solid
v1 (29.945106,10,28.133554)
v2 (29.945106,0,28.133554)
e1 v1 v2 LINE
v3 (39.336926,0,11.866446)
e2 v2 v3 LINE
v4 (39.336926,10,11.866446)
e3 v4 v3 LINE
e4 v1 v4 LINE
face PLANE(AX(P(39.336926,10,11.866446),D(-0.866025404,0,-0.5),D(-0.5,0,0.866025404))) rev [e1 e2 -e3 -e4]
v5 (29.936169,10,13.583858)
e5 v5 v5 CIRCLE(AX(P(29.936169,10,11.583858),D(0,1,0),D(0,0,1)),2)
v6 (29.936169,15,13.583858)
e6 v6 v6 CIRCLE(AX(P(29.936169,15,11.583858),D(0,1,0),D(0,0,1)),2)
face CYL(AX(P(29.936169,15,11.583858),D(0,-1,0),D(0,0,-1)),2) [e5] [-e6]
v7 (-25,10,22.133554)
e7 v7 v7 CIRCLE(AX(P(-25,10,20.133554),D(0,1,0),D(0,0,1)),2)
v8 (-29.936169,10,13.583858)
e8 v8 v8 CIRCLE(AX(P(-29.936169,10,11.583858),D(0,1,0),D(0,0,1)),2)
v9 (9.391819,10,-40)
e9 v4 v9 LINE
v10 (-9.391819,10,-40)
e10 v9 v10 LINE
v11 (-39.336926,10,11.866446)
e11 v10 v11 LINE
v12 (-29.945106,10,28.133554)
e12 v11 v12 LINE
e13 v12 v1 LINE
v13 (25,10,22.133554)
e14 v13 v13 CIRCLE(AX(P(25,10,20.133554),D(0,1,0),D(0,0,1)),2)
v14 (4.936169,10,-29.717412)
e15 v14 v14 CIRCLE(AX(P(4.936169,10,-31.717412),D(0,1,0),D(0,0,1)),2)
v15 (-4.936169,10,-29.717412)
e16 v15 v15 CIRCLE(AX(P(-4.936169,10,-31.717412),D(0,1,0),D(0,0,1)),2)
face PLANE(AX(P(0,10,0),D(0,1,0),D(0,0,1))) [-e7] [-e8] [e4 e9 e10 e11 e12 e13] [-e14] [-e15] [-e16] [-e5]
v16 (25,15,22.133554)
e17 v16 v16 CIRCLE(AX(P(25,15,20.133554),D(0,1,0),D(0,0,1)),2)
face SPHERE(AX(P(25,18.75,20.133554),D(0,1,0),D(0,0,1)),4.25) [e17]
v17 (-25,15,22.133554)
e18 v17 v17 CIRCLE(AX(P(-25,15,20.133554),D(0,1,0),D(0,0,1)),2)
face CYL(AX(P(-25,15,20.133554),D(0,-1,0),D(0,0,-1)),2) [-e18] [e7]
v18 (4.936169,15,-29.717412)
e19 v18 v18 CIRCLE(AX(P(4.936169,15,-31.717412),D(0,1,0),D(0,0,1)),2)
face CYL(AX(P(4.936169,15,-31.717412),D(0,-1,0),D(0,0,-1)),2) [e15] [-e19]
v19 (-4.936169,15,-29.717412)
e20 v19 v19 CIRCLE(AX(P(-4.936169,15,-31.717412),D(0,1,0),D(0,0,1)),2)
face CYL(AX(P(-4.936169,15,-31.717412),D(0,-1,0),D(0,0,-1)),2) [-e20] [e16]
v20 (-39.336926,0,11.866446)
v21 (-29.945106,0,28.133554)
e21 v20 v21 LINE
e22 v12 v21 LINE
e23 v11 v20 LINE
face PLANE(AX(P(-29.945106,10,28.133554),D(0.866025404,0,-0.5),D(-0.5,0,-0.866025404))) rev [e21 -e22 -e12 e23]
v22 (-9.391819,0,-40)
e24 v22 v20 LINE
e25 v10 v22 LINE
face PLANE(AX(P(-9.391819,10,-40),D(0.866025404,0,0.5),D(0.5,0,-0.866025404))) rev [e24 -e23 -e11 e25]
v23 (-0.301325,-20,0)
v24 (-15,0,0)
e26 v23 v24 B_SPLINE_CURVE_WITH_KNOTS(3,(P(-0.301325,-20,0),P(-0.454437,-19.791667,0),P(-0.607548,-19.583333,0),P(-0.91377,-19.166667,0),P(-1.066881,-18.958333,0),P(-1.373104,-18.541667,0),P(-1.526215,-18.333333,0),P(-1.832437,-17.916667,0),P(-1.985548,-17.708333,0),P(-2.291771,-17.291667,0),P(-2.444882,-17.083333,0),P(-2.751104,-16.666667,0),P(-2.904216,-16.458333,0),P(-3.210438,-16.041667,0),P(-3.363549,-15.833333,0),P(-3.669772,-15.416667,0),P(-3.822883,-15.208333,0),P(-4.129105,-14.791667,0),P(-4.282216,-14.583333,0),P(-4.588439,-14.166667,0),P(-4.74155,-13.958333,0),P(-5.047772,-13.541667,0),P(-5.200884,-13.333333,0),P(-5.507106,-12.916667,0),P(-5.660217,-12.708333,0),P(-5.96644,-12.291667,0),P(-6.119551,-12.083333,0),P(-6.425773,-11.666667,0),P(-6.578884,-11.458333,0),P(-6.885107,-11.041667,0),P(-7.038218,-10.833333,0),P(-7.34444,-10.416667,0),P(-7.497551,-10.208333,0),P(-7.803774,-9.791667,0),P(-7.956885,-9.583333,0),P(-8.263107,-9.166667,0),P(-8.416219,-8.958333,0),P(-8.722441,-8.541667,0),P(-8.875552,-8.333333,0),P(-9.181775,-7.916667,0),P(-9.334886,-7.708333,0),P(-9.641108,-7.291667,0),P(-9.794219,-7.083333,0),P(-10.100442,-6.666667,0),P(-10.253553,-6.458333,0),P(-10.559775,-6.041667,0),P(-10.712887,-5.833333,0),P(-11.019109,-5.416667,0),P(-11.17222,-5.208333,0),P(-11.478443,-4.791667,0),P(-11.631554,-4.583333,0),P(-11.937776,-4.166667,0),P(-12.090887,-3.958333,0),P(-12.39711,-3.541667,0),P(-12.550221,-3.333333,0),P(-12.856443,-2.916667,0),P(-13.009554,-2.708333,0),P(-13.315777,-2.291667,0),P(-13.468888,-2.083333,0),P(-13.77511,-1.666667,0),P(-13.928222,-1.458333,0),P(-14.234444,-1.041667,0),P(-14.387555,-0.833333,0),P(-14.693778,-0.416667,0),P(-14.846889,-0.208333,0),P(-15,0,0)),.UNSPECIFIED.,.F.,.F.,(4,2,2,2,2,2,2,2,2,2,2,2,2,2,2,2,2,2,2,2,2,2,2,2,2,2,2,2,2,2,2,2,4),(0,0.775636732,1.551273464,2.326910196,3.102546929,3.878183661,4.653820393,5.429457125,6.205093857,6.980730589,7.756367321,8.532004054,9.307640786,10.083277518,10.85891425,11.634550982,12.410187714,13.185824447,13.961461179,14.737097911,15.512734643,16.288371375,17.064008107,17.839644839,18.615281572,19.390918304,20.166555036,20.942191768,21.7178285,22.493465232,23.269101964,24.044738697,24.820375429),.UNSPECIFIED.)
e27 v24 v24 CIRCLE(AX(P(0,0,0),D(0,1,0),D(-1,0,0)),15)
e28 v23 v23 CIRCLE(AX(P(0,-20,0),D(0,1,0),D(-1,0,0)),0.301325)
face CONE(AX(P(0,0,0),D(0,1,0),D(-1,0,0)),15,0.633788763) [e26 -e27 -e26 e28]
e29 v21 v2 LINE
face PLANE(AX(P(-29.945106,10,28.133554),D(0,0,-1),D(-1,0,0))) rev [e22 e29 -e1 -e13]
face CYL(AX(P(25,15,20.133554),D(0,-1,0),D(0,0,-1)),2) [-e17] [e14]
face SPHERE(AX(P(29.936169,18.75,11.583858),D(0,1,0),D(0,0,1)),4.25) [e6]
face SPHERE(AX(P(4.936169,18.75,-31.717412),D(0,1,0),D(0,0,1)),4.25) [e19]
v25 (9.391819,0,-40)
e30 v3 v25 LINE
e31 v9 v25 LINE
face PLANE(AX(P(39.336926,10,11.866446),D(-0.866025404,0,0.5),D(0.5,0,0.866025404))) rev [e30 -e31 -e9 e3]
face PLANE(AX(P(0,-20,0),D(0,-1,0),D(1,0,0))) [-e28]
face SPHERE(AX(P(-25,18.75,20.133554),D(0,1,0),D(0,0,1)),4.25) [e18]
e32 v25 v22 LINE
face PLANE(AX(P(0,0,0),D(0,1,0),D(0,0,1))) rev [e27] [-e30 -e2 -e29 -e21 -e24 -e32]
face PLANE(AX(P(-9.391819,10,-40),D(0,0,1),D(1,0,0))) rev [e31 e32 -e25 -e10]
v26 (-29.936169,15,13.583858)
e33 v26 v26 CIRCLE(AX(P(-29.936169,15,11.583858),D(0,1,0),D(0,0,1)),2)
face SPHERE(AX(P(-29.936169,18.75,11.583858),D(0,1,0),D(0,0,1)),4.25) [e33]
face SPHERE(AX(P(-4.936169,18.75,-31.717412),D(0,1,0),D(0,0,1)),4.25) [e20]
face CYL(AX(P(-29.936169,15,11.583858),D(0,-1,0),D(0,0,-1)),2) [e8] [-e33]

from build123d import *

# Parameters (mm, degrees)
BOSS_EXTRUDE1_DEPTH = 10
SKETCH3_R           = 2
BOSS_EXTRUDE2_DEPTH = 5
DOME1_FACE_RADIUS   = 2
DOME1_HEIGHT        = 8
DOME2_FACE_RADIUS   = 2
DOME2_HEIGHT        = 8
DOME3_FACE_RADIUS   = 2
DOME3_HEIGHT        = 8
DOME4_FACE_RADIUS   = 2
DOME4_HEIGHT        = 8
DOME5_FACE_RADIUS   = 2
DOME5_HEIGHT        = 8
DOME6_FACE_RADIUS   = 2
DOME6_HEIGHT        = 8


with BuildPart() as part:
    # Sketch1 → Boss-Extrude1 (new body)
    with BuildSketch(Plane(origin=(0, 0, 0), x_dir=(1, 0, 0), z_dir=(0, 1, 0))):
        Polygon((-9.391819351, 40), (-39.336925827, -11.866445855), (-29.945106476, -28.133554145), (29.945106476, -28.133554145), (39.336925827, -11.866445855), (9.391819351, 40), align=None)
    extrude(amount=BOSS_EXTRUDE1_DEPTH)

    # Sketch2 → Revolve1 (revolve)
    with BuildSketch(Plane.XY):
        Polygon((-0.301325351, -20), (-15, 0), (0, 0), (0, -20), align=None)
    revolve(axis=Axis((0, 0, 0), (0, -1, 0)))

    # Sketch3 → Boss-Extrude2 (add)
    with BuildSketch(Plane(origin=(0, 10, 0), x_dir=(1, 0, 0), z_dir=(0, 1, 0))):
        with Locations(Location((-4.936169358, 31.717412167, 0), (0, 0, 270))):
            Circle(SKETCH3_R)
        with Locations(Location((-29.936169358, -11.583858022, 0), (0, 0, 270))):
            Circle(SKETCH3_R)
        with Locations(Location((4.936169358, 31.717412167, 0), (0, 0, 270))):
            Circle(SKETCH3_R)
        with Locations(Location((29.936169358, -11.583858022, 0), (0, 0, 270))):
            Circle(SKETCH3_R)
        with Locations(Location((25, -20.133554145, 0), (0, 0, 270))):
            Circle(SKETCH3_R)
        with Locations(Location((-25, -20.133554145, 0), (0, 0, 270))):
            Circle(SKETCH3_R)
    extrude(amount=BOSS_EXTRUDE2_DEPTH)

    # Dome1: a dome of height H over a round flat face of radius A is a cap of a sphere of radius (A * A + H * H) / (2 * H)
    dome1_r = (DOME1_FACE_RADIUS * DOME1_FACE_RADIUS + DOME1_HEIGHT * DOME1_HEIGHT) / (2 * DOME1_HEIGHT)
    dome1_base = Plane((-29.936169358, 15, 11.583858022), z_dir=(0, 1, 0))
    with Locations(dome1_base.offset(DOME1_HEIGHT - dome1_r)):
        dome1_ball = Sphere(dome1_r, mode=Mode.PRIVATE)
    add(split(dome1_ball, bisect_by=dome1_base, keep=Keep.TOP, mode=Mode.PRIVATE))

    # Dome2: a dome of height H over a round flat face of radius A is a cap of a sphere of radius (A * A + H * H) / (2 * H)
    dome2_r = (DOME2_FACE_RADIUS * DOME2_FACE_RADIUS + DOME2_HEIGHT * DOME2_HEIGHT) / (2 * DOME2_HEIGHT)
    dome2_base = Plane((-4.936169358, 15, -31.717412167), z_dir=(0, 1, 0))
    with Locations(dome2_base.offset(DOME2_HEIGHT - dome2_r)):
        dome2_ball = Sphere(dome2_r, mode=Mode.PRIVATE)
    add(split(dome2_ball, bisect_by=dome2_base, keep=Keep.TOP, mode=Mode.PRIVATE))

    # Dome3: a dome of height H over a round flat face of radius A is a cap of a sphere of radius (A * A + H * H) / (2 * H)
    dome3_r = (DOME3_FACE_RADIUS * DOME3_FACE_RADIUS + DOME3_HEIGHT * DOME3_HEIGHT) / (2 * DOME3_HEIGHT)
    dome3_base = Plane((4.936169358, 15, -31.717412167), z_dir=(0, 1, 0))
    with Locations(dome3_base.offset(DOME3_HEIGHT - dome3_r)):
        dome3_ball = Sphere(dome3_r, mode=Mode.PRIVATE)
    add(split(dome3_ball, bisect_by=dome3_base, keep=Keep.TOP, mode=Mode.PRIVATE))

    # Dome4: a dome of height H over a round flat face of radius A is a cap of a sphere of radius (A * A + H * H) / (2 * H)
    dome4_r = (DOME4_FACE_RADIUS * DOME4_FACE_RADIUS + DOME4_HEIGHT * DOME4_HEIGHT) / (2 * DOME4_HEIGHT)
    dome4_base = Plane((29.936169358, 15, 11.583858022), z_dir=(0, 1, 0))
    with Locations(dome4_base.offset(DOME4_HEIGHT - dome4_r)):
        dome4_ball = Sphere(dome4_r, mode=Mode.PRIVATE)
    add(split(dome4_ball, bisect_by=dome4_base, keep=Keep.TOP, mode=Mode.PRIVATE))

    # Dome5: a dome of height H over a round flat face of radius A is a cap of a sphere of radius (A * A + H * H) / (2 * H)
    dome5_r = (DOME5_FACE_RADIUS * DOME5_FACE_RADIUS + DOME5_HEIGHT * DOME5_HEIGHT) / (2 * DOME5_HEIGHT)
    dome5_base = Plane((25, 15, 20.133554145), z_dir=(0, 1, 0))
    with Locations(dome5_base.offset(DOME5_HEIGHT - dome5_r)):
        dome5_ball = Sphere(dome5_r, mode=Mode.PRIVATE)
    add(split(dome5_ball, bisect_by=dome5_base, keep=Keep.TOP, mode=Mode.PRIVATE))

    # Dome6: a dome of height H over a round flat face of radius A is a cap of a sphere of radius (A * A + H * H) / (2 * H)
    dome6_r = (DOME6_FACE_RADIUS * DOME6_FACE_RADIUS + DOME6_HEIGHT * DOME6_HEIGHT) / (2 * DOME6_HEIGHT)
    dome6_base = Plane((-25, 15, 20.133554145), z_dir=(0, 1, 0))
    with Locations(dome6_base.offset(DOME6_HEIGHT - dome6_r)):
        dome6_ball = Sphere(dome6_r, mode=Mode.PRIVATE)
    add(split(dome6_ball, bisect_by=dome6_base, keep=Keep.TOP, mode=Mode.PRIVATE))


solid = part.part
